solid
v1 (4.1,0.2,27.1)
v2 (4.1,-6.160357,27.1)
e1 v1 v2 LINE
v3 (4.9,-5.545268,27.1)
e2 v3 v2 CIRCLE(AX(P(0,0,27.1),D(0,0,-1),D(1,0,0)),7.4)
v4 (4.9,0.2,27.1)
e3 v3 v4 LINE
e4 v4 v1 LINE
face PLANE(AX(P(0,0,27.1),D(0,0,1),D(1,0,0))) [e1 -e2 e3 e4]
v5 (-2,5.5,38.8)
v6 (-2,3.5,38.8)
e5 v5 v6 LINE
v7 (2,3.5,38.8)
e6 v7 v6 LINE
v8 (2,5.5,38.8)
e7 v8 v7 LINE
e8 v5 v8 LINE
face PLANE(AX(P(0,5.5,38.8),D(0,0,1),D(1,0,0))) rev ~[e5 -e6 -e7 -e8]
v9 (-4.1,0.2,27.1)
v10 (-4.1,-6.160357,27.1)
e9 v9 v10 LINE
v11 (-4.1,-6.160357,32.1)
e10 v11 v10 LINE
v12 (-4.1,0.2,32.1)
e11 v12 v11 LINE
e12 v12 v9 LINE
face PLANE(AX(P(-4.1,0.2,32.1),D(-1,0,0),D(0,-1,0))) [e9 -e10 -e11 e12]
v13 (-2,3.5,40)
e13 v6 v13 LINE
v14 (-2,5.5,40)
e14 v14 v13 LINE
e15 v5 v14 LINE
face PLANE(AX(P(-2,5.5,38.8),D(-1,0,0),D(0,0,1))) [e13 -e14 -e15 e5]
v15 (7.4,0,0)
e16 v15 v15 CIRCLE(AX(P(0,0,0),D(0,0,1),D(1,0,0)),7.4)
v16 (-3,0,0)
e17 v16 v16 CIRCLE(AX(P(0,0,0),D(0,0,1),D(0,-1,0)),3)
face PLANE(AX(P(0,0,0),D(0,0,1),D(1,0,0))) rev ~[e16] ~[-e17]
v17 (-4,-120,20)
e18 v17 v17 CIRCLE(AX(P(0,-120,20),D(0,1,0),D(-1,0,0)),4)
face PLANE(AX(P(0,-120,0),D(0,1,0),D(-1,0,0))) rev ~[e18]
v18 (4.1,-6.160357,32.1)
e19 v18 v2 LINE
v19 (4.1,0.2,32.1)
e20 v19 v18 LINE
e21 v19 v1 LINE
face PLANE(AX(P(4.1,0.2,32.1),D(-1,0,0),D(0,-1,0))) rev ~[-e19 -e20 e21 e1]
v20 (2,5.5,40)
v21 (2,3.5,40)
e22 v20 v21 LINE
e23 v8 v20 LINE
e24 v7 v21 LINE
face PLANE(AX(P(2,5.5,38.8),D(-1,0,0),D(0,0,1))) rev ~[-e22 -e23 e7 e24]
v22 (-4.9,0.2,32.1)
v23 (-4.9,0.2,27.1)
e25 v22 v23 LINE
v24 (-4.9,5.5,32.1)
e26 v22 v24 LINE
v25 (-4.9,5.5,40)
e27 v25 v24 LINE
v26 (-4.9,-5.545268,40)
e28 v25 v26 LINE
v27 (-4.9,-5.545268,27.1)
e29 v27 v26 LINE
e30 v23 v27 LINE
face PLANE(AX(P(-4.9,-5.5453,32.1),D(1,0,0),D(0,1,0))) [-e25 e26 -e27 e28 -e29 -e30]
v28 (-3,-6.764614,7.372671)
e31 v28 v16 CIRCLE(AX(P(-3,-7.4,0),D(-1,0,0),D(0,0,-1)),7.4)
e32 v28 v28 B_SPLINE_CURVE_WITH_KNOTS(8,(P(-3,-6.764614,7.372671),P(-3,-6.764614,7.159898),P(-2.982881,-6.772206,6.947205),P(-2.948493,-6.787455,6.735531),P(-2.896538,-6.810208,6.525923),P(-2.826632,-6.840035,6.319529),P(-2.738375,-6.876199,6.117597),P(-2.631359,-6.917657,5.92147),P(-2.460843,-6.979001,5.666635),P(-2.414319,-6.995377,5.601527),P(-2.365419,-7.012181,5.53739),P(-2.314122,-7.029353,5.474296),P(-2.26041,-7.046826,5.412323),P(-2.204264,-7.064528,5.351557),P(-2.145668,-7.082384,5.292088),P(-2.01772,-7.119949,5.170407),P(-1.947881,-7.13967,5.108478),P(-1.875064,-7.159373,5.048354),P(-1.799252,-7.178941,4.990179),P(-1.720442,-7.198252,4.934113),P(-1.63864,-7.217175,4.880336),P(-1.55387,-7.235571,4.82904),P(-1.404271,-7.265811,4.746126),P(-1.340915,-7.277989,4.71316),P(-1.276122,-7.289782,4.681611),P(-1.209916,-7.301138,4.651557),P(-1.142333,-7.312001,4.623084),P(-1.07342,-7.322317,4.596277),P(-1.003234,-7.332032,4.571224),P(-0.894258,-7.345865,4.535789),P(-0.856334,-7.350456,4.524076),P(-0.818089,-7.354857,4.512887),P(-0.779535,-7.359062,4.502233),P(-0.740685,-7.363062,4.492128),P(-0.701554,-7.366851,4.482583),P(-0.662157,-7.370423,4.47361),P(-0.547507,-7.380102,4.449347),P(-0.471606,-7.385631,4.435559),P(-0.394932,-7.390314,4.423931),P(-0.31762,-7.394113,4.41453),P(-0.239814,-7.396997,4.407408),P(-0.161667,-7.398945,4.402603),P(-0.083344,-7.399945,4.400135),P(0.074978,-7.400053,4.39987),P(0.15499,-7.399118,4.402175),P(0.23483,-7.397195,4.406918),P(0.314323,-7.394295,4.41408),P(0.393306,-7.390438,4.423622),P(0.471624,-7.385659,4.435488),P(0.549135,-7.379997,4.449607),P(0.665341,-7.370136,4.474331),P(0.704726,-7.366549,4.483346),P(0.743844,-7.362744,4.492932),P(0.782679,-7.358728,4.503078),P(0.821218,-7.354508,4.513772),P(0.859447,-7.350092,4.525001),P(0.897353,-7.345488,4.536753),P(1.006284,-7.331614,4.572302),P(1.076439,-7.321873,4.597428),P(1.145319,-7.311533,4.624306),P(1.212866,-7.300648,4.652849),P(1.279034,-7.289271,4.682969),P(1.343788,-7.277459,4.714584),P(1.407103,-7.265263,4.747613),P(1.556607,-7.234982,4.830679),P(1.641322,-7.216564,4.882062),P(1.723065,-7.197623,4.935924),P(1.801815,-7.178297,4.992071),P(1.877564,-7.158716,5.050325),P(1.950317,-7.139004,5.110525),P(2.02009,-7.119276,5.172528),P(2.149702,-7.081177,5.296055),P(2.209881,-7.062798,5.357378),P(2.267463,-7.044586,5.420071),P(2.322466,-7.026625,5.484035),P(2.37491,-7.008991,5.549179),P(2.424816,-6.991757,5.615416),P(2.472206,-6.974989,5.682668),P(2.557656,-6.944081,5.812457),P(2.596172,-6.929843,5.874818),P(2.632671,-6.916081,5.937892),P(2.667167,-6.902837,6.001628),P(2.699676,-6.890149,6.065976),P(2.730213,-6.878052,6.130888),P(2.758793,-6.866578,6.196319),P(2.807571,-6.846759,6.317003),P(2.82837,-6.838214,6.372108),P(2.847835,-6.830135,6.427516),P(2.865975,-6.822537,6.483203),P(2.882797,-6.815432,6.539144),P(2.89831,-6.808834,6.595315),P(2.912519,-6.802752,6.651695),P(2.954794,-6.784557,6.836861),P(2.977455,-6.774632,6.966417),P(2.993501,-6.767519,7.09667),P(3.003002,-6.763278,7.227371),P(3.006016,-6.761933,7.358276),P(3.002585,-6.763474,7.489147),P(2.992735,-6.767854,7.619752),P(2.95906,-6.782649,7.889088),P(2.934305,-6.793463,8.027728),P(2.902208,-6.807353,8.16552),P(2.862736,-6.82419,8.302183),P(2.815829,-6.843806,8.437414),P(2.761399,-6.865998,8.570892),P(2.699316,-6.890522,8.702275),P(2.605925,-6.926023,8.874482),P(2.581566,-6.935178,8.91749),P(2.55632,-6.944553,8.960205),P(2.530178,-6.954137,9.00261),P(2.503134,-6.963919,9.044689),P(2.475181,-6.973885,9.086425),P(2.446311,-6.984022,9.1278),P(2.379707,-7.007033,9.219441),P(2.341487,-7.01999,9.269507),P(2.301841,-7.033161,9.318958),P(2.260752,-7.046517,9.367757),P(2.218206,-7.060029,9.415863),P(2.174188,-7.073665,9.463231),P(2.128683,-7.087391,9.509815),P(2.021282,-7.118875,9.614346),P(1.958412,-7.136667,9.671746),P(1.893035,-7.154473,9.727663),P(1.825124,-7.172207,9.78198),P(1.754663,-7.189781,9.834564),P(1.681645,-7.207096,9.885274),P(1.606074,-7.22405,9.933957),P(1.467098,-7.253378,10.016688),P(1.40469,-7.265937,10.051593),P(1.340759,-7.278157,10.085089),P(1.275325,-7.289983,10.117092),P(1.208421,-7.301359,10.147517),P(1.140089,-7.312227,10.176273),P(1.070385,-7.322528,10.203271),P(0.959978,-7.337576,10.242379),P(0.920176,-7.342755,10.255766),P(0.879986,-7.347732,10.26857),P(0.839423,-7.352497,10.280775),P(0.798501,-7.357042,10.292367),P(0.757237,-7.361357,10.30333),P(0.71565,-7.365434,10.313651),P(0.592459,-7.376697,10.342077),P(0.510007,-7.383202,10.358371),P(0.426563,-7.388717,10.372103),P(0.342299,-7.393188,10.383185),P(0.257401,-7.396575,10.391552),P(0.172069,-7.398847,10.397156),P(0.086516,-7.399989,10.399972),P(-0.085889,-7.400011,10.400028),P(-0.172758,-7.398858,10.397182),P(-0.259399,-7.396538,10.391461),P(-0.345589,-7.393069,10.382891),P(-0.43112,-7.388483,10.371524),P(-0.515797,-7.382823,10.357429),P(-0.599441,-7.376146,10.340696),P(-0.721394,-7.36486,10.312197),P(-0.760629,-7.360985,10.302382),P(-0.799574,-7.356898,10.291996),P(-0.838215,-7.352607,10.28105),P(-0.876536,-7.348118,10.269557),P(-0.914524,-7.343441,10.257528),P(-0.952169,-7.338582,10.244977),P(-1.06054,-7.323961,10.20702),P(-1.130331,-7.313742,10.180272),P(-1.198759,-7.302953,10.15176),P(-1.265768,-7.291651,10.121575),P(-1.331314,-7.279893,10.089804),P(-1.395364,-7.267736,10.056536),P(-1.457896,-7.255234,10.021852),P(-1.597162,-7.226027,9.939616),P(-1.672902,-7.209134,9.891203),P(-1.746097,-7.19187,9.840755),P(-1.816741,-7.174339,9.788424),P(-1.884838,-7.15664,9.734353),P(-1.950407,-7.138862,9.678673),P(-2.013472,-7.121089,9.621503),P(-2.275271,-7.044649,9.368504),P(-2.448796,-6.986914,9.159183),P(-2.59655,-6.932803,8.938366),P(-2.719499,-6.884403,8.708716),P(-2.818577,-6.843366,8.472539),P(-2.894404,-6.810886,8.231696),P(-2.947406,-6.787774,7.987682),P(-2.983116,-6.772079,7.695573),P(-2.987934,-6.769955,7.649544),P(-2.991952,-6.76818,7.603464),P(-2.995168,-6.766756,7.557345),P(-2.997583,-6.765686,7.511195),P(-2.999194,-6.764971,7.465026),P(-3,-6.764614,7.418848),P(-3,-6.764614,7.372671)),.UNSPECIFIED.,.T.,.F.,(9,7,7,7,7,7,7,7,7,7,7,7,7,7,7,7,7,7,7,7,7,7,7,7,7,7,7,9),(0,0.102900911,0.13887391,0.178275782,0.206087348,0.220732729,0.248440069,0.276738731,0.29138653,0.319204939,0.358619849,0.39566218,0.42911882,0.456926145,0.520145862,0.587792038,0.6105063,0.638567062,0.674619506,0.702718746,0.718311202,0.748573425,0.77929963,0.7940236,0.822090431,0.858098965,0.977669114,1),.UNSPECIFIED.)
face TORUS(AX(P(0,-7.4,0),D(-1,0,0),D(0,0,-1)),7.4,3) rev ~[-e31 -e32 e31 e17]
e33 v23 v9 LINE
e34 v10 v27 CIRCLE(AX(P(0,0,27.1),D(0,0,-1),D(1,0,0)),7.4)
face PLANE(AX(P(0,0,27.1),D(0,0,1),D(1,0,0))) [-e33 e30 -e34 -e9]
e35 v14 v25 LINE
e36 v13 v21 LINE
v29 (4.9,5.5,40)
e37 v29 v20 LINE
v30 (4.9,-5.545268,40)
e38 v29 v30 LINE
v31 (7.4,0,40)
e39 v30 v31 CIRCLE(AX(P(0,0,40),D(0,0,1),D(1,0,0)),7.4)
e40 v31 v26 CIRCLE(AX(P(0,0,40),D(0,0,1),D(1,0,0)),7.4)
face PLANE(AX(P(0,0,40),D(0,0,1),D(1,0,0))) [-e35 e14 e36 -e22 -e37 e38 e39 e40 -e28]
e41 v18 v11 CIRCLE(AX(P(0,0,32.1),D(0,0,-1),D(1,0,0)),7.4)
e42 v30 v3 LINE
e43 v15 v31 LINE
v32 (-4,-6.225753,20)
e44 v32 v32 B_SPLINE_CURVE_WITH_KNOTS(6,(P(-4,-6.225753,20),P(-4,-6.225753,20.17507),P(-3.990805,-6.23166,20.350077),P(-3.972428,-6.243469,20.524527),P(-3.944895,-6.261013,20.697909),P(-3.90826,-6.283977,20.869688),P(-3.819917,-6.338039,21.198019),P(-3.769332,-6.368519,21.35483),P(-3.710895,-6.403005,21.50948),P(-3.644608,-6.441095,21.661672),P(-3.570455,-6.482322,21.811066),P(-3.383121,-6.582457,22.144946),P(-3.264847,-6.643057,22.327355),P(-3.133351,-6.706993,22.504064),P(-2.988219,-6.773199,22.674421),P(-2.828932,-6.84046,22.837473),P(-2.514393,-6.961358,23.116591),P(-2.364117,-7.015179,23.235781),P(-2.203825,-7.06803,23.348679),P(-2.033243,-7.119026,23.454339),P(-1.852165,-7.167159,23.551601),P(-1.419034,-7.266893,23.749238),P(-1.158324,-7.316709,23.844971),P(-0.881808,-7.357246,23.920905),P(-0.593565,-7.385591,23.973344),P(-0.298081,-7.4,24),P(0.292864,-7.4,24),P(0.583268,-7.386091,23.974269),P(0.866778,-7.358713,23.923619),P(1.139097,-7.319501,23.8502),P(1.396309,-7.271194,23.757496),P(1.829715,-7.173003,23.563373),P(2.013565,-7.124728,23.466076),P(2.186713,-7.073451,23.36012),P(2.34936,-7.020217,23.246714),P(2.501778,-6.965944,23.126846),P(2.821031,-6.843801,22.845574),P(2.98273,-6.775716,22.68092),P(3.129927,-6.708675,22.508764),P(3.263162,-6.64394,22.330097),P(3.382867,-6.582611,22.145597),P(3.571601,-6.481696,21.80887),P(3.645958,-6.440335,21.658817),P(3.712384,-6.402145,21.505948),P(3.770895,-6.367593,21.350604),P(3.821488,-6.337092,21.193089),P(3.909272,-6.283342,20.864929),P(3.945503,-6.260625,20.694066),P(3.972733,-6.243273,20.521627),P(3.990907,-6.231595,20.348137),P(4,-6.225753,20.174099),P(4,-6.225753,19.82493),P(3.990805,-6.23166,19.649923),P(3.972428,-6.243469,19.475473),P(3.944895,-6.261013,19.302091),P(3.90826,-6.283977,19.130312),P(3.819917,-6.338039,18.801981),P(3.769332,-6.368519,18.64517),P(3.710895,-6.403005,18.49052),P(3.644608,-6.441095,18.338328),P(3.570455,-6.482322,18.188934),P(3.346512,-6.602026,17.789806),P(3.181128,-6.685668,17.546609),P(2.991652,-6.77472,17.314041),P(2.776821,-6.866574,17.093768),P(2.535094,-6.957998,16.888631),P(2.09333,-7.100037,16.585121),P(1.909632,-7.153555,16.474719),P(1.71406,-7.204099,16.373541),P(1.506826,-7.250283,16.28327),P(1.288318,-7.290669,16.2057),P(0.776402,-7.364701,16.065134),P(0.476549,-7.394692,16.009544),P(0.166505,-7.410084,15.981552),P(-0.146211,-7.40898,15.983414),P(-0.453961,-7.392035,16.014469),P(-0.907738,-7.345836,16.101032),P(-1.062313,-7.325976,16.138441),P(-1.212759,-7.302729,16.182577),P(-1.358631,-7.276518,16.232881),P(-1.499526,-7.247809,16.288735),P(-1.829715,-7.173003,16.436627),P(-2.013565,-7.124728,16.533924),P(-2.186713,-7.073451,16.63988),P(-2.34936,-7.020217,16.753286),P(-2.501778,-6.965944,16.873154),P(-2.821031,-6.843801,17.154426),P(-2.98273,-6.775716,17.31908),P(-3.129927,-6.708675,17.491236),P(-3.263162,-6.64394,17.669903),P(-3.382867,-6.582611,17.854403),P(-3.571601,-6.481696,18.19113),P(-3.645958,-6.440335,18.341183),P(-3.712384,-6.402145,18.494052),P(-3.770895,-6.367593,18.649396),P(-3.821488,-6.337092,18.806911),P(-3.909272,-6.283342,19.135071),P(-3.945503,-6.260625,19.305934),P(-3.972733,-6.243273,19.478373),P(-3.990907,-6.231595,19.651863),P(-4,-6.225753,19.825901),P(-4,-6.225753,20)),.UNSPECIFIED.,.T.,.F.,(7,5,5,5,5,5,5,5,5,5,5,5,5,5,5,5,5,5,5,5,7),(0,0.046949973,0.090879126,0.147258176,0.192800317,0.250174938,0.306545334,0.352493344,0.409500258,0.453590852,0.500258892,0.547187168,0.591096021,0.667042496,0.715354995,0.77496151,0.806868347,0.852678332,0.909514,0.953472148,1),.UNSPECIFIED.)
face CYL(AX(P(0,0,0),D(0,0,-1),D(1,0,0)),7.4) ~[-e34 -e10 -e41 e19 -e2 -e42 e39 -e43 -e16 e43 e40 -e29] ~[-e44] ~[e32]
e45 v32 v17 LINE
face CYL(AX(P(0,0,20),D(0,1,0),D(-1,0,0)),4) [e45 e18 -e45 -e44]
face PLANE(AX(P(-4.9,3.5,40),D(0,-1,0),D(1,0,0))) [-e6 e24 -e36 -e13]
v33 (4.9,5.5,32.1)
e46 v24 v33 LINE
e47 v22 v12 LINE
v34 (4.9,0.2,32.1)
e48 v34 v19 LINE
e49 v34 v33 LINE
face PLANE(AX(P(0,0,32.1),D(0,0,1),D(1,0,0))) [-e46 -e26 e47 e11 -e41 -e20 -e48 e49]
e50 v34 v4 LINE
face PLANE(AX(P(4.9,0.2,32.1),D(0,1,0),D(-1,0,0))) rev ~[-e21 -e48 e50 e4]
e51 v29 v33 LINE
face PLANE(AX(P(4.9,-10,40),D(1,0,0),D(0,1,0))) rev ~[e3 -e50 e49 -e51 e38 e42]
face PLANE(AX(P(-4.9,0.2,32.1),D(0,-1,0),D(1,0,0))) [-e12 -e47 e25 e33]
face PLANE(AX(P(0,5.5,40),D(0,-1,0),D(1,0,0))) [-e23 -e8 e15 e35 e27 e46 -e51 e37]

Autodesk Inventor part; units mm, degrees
ref_plane "YZ Plane" through (0, 0, 0) normal (1, 0, 0) x (0, 1, 0)
ref_plane "XZ Plane" through (0, 0, 0) normal (0, 1, 0) x (-1, 0, 0)
ref_plane "XY Plane" through (0, 0, 0) normal (0, 0, 1) x (1, 0, 0)
sketch "Sketch1" plane through (0, 0, 0) normal (0, 0, 1) x (1, 0, 0)
  circle A0 centre (0, 0) radius 7.4
  dimension "d0" = 14.8
extrude "Extrusion1" add sketch "Sketch1" along normal blind 40
sketch "Sketch2" plane through (0, 0, 40) normal (0, 0, 1) x (1, 0, 0)
  line L0 (0, 0) -> (-4.9, 0)
  line L1 (0, 0) -> (4.9, 0)
  line L2 (0, 0) -> (0, 5.5)
  line L3 (0, 5.5) -> (-4.9, 5.5)
  line L4 (-4.9, 5.5) -> (-4.9, 0)
  line L5 (0, 5.5) -> (4.9, 5.5)
  line L6 (4.9, 5.5) -> (4.9, 0)
  line L7 (-4.9, 0) -> (-4.9, -10)
  line L8 (-4.9, -10) -> (4.9, -10)
  line L9 (4.9, -10) -> (4.9, 0)
  dimension "d3" = 4.9
  dimension "d4" = 4.9
  dimension "d5" = 5.5
  dimension "d6" = 10
extrude "Extrusion2" cut sketch "Sketch2" against normal blind 7.9
sketch "Sketch3" plane through (0, 0, 32.1) normal (0, 0, 1) x (1, 0, 0)
  line L0 (-4.9, -5.5453) -> (-4.9, 5.5) projected
  line L1 (-4.9, 5.5) -> (-4.9, 0.2)
  line L2 (-4.9, 0.2) -> (-4.1, 0.2)
  line L3 (-4.1, 0.2) -> (-4.1, -7.8)
  line L4 (-4.1, -7.8) -> (-4.9, -7.8)
  line L5 (-4.9, -7.8) -> (-4.9, 0.2)
  line L6 (4.9, 5.5) -> (4.9, -5.5453) projected
  line L7 (4.9, 5.5) -> (4.9, 0.2)
  line L8 (4.9, 0.2) -> (4.1, 0.2)
  line L9 (4.1, 0.2) -> (4.1, -7.8)
  line L10 (4.1, -7.8) -> (4.9, -7.8)
  line L11 (4.9, 0.2) -> (4.9, -7.8)
  point P0 (0, 0)
  dimension "d9" = 5.3
  dimension "d10" = 0.8
  dimension "d11" = 8
  dimension "d12" = 0.8
  dimension "d13" = 5.3
  dimension "d14" = 0.8
  dimension "d15" = 8
extrude "Extrusion3" cut sketch "Sketch3" against normal blind 5
sketch "Sketch4" plane through (-4.9, 5.5, 40) normal (0, -1, 0) x (1, 0, 0)
  line L0 (12.3, 0) -> (-2.5, 0) projected
  line L1 (6.9, 0) -> (2.9, 0)
  line L2 (4.9, 0) -> (4.9, -1.2)
  line L3 (4.9, -1.2) -> (6.9, -1.2)
  line L4 (6.9, -1.2) -> (6.9, 0)
  line L5 (4.9, -1.2) -> (2.9, -1.2)
  line L6 (2.9, -1.2) -> (2.9, 0)
  point P0 (4.9, -40)
  point P1 (9.8, 0)
  point P2 (0, 0)
  dimension "d18" = 1.2
  dimension "d19" = 2
  dimension "d20" = 2
extrude "Extrusion4" add sketch "Sketch4" along normal blind 2
sketch "Sketch5" plane through (0, 0, 0) normal (0, 1, 0) x (-1, 0, 0)
  line L0 (-7.4, 0) -> (-7.4, 40) projected
  line L1 (-7.4, 40) -> (-7.4, 0)
  line L2 (-7.4, 20) -> (7.4, 20)
  line L3 (7.4, 0) -> (7.4, 40) projected
  circle A0 centre (0, 20) radius 4
  point P0 (0, 0)
  dimension "d23" = 8
extrude "Extrusion5" add sketch "Sketch5" against normal blind 120
ref_plane "Work Plane1" through (4.9, -5.5453, 27.1) normal (0, -1, 0) x (1, 0, 0)
sketch "Sketch7" plane through (0, 0, 0) normal (0, 0, -1) x (-1, 0, 0)
  circle A0 centre (0, 0) radius 3
  dimension "d26" = 6
ref_plane "Work Plane2" through (0, 0, 0) normal (-1, 0, 0) x (0, 0, -1)
sketch "Sketch8" plane through (0, 0, 0) normal (-1, 0, 0) x (0, 0, -1)
  line L0 (0, -7.4) -> (0, 7.4) projected
  circle A0 centre (0, 7.4) radius 7.4
  point P0 (0, 0)
sweep "Sweep1" cut profiles "Sketch7" path "Sketch8" path curves A0
equation "\"BendRadius\" = Thickness"
equation "\"BendReliefWidth\" = Thickness"
equation "\"BendReliefDepth\" = 0.5 * Thickness"
equation "\"CornerReliefSize\" = 4 * Thickness"
equation "\"MinimumRemnant\" = 2 * Thickness"
equation "\"TransitionRadius\" = BendRadius"
equation "\"JacobiRadiusSize\" = BendRadius"
equation "\"GapSize\" = Thickness"
equation "\"Thickness\" = 0.5"
properties part number "rotor1"
